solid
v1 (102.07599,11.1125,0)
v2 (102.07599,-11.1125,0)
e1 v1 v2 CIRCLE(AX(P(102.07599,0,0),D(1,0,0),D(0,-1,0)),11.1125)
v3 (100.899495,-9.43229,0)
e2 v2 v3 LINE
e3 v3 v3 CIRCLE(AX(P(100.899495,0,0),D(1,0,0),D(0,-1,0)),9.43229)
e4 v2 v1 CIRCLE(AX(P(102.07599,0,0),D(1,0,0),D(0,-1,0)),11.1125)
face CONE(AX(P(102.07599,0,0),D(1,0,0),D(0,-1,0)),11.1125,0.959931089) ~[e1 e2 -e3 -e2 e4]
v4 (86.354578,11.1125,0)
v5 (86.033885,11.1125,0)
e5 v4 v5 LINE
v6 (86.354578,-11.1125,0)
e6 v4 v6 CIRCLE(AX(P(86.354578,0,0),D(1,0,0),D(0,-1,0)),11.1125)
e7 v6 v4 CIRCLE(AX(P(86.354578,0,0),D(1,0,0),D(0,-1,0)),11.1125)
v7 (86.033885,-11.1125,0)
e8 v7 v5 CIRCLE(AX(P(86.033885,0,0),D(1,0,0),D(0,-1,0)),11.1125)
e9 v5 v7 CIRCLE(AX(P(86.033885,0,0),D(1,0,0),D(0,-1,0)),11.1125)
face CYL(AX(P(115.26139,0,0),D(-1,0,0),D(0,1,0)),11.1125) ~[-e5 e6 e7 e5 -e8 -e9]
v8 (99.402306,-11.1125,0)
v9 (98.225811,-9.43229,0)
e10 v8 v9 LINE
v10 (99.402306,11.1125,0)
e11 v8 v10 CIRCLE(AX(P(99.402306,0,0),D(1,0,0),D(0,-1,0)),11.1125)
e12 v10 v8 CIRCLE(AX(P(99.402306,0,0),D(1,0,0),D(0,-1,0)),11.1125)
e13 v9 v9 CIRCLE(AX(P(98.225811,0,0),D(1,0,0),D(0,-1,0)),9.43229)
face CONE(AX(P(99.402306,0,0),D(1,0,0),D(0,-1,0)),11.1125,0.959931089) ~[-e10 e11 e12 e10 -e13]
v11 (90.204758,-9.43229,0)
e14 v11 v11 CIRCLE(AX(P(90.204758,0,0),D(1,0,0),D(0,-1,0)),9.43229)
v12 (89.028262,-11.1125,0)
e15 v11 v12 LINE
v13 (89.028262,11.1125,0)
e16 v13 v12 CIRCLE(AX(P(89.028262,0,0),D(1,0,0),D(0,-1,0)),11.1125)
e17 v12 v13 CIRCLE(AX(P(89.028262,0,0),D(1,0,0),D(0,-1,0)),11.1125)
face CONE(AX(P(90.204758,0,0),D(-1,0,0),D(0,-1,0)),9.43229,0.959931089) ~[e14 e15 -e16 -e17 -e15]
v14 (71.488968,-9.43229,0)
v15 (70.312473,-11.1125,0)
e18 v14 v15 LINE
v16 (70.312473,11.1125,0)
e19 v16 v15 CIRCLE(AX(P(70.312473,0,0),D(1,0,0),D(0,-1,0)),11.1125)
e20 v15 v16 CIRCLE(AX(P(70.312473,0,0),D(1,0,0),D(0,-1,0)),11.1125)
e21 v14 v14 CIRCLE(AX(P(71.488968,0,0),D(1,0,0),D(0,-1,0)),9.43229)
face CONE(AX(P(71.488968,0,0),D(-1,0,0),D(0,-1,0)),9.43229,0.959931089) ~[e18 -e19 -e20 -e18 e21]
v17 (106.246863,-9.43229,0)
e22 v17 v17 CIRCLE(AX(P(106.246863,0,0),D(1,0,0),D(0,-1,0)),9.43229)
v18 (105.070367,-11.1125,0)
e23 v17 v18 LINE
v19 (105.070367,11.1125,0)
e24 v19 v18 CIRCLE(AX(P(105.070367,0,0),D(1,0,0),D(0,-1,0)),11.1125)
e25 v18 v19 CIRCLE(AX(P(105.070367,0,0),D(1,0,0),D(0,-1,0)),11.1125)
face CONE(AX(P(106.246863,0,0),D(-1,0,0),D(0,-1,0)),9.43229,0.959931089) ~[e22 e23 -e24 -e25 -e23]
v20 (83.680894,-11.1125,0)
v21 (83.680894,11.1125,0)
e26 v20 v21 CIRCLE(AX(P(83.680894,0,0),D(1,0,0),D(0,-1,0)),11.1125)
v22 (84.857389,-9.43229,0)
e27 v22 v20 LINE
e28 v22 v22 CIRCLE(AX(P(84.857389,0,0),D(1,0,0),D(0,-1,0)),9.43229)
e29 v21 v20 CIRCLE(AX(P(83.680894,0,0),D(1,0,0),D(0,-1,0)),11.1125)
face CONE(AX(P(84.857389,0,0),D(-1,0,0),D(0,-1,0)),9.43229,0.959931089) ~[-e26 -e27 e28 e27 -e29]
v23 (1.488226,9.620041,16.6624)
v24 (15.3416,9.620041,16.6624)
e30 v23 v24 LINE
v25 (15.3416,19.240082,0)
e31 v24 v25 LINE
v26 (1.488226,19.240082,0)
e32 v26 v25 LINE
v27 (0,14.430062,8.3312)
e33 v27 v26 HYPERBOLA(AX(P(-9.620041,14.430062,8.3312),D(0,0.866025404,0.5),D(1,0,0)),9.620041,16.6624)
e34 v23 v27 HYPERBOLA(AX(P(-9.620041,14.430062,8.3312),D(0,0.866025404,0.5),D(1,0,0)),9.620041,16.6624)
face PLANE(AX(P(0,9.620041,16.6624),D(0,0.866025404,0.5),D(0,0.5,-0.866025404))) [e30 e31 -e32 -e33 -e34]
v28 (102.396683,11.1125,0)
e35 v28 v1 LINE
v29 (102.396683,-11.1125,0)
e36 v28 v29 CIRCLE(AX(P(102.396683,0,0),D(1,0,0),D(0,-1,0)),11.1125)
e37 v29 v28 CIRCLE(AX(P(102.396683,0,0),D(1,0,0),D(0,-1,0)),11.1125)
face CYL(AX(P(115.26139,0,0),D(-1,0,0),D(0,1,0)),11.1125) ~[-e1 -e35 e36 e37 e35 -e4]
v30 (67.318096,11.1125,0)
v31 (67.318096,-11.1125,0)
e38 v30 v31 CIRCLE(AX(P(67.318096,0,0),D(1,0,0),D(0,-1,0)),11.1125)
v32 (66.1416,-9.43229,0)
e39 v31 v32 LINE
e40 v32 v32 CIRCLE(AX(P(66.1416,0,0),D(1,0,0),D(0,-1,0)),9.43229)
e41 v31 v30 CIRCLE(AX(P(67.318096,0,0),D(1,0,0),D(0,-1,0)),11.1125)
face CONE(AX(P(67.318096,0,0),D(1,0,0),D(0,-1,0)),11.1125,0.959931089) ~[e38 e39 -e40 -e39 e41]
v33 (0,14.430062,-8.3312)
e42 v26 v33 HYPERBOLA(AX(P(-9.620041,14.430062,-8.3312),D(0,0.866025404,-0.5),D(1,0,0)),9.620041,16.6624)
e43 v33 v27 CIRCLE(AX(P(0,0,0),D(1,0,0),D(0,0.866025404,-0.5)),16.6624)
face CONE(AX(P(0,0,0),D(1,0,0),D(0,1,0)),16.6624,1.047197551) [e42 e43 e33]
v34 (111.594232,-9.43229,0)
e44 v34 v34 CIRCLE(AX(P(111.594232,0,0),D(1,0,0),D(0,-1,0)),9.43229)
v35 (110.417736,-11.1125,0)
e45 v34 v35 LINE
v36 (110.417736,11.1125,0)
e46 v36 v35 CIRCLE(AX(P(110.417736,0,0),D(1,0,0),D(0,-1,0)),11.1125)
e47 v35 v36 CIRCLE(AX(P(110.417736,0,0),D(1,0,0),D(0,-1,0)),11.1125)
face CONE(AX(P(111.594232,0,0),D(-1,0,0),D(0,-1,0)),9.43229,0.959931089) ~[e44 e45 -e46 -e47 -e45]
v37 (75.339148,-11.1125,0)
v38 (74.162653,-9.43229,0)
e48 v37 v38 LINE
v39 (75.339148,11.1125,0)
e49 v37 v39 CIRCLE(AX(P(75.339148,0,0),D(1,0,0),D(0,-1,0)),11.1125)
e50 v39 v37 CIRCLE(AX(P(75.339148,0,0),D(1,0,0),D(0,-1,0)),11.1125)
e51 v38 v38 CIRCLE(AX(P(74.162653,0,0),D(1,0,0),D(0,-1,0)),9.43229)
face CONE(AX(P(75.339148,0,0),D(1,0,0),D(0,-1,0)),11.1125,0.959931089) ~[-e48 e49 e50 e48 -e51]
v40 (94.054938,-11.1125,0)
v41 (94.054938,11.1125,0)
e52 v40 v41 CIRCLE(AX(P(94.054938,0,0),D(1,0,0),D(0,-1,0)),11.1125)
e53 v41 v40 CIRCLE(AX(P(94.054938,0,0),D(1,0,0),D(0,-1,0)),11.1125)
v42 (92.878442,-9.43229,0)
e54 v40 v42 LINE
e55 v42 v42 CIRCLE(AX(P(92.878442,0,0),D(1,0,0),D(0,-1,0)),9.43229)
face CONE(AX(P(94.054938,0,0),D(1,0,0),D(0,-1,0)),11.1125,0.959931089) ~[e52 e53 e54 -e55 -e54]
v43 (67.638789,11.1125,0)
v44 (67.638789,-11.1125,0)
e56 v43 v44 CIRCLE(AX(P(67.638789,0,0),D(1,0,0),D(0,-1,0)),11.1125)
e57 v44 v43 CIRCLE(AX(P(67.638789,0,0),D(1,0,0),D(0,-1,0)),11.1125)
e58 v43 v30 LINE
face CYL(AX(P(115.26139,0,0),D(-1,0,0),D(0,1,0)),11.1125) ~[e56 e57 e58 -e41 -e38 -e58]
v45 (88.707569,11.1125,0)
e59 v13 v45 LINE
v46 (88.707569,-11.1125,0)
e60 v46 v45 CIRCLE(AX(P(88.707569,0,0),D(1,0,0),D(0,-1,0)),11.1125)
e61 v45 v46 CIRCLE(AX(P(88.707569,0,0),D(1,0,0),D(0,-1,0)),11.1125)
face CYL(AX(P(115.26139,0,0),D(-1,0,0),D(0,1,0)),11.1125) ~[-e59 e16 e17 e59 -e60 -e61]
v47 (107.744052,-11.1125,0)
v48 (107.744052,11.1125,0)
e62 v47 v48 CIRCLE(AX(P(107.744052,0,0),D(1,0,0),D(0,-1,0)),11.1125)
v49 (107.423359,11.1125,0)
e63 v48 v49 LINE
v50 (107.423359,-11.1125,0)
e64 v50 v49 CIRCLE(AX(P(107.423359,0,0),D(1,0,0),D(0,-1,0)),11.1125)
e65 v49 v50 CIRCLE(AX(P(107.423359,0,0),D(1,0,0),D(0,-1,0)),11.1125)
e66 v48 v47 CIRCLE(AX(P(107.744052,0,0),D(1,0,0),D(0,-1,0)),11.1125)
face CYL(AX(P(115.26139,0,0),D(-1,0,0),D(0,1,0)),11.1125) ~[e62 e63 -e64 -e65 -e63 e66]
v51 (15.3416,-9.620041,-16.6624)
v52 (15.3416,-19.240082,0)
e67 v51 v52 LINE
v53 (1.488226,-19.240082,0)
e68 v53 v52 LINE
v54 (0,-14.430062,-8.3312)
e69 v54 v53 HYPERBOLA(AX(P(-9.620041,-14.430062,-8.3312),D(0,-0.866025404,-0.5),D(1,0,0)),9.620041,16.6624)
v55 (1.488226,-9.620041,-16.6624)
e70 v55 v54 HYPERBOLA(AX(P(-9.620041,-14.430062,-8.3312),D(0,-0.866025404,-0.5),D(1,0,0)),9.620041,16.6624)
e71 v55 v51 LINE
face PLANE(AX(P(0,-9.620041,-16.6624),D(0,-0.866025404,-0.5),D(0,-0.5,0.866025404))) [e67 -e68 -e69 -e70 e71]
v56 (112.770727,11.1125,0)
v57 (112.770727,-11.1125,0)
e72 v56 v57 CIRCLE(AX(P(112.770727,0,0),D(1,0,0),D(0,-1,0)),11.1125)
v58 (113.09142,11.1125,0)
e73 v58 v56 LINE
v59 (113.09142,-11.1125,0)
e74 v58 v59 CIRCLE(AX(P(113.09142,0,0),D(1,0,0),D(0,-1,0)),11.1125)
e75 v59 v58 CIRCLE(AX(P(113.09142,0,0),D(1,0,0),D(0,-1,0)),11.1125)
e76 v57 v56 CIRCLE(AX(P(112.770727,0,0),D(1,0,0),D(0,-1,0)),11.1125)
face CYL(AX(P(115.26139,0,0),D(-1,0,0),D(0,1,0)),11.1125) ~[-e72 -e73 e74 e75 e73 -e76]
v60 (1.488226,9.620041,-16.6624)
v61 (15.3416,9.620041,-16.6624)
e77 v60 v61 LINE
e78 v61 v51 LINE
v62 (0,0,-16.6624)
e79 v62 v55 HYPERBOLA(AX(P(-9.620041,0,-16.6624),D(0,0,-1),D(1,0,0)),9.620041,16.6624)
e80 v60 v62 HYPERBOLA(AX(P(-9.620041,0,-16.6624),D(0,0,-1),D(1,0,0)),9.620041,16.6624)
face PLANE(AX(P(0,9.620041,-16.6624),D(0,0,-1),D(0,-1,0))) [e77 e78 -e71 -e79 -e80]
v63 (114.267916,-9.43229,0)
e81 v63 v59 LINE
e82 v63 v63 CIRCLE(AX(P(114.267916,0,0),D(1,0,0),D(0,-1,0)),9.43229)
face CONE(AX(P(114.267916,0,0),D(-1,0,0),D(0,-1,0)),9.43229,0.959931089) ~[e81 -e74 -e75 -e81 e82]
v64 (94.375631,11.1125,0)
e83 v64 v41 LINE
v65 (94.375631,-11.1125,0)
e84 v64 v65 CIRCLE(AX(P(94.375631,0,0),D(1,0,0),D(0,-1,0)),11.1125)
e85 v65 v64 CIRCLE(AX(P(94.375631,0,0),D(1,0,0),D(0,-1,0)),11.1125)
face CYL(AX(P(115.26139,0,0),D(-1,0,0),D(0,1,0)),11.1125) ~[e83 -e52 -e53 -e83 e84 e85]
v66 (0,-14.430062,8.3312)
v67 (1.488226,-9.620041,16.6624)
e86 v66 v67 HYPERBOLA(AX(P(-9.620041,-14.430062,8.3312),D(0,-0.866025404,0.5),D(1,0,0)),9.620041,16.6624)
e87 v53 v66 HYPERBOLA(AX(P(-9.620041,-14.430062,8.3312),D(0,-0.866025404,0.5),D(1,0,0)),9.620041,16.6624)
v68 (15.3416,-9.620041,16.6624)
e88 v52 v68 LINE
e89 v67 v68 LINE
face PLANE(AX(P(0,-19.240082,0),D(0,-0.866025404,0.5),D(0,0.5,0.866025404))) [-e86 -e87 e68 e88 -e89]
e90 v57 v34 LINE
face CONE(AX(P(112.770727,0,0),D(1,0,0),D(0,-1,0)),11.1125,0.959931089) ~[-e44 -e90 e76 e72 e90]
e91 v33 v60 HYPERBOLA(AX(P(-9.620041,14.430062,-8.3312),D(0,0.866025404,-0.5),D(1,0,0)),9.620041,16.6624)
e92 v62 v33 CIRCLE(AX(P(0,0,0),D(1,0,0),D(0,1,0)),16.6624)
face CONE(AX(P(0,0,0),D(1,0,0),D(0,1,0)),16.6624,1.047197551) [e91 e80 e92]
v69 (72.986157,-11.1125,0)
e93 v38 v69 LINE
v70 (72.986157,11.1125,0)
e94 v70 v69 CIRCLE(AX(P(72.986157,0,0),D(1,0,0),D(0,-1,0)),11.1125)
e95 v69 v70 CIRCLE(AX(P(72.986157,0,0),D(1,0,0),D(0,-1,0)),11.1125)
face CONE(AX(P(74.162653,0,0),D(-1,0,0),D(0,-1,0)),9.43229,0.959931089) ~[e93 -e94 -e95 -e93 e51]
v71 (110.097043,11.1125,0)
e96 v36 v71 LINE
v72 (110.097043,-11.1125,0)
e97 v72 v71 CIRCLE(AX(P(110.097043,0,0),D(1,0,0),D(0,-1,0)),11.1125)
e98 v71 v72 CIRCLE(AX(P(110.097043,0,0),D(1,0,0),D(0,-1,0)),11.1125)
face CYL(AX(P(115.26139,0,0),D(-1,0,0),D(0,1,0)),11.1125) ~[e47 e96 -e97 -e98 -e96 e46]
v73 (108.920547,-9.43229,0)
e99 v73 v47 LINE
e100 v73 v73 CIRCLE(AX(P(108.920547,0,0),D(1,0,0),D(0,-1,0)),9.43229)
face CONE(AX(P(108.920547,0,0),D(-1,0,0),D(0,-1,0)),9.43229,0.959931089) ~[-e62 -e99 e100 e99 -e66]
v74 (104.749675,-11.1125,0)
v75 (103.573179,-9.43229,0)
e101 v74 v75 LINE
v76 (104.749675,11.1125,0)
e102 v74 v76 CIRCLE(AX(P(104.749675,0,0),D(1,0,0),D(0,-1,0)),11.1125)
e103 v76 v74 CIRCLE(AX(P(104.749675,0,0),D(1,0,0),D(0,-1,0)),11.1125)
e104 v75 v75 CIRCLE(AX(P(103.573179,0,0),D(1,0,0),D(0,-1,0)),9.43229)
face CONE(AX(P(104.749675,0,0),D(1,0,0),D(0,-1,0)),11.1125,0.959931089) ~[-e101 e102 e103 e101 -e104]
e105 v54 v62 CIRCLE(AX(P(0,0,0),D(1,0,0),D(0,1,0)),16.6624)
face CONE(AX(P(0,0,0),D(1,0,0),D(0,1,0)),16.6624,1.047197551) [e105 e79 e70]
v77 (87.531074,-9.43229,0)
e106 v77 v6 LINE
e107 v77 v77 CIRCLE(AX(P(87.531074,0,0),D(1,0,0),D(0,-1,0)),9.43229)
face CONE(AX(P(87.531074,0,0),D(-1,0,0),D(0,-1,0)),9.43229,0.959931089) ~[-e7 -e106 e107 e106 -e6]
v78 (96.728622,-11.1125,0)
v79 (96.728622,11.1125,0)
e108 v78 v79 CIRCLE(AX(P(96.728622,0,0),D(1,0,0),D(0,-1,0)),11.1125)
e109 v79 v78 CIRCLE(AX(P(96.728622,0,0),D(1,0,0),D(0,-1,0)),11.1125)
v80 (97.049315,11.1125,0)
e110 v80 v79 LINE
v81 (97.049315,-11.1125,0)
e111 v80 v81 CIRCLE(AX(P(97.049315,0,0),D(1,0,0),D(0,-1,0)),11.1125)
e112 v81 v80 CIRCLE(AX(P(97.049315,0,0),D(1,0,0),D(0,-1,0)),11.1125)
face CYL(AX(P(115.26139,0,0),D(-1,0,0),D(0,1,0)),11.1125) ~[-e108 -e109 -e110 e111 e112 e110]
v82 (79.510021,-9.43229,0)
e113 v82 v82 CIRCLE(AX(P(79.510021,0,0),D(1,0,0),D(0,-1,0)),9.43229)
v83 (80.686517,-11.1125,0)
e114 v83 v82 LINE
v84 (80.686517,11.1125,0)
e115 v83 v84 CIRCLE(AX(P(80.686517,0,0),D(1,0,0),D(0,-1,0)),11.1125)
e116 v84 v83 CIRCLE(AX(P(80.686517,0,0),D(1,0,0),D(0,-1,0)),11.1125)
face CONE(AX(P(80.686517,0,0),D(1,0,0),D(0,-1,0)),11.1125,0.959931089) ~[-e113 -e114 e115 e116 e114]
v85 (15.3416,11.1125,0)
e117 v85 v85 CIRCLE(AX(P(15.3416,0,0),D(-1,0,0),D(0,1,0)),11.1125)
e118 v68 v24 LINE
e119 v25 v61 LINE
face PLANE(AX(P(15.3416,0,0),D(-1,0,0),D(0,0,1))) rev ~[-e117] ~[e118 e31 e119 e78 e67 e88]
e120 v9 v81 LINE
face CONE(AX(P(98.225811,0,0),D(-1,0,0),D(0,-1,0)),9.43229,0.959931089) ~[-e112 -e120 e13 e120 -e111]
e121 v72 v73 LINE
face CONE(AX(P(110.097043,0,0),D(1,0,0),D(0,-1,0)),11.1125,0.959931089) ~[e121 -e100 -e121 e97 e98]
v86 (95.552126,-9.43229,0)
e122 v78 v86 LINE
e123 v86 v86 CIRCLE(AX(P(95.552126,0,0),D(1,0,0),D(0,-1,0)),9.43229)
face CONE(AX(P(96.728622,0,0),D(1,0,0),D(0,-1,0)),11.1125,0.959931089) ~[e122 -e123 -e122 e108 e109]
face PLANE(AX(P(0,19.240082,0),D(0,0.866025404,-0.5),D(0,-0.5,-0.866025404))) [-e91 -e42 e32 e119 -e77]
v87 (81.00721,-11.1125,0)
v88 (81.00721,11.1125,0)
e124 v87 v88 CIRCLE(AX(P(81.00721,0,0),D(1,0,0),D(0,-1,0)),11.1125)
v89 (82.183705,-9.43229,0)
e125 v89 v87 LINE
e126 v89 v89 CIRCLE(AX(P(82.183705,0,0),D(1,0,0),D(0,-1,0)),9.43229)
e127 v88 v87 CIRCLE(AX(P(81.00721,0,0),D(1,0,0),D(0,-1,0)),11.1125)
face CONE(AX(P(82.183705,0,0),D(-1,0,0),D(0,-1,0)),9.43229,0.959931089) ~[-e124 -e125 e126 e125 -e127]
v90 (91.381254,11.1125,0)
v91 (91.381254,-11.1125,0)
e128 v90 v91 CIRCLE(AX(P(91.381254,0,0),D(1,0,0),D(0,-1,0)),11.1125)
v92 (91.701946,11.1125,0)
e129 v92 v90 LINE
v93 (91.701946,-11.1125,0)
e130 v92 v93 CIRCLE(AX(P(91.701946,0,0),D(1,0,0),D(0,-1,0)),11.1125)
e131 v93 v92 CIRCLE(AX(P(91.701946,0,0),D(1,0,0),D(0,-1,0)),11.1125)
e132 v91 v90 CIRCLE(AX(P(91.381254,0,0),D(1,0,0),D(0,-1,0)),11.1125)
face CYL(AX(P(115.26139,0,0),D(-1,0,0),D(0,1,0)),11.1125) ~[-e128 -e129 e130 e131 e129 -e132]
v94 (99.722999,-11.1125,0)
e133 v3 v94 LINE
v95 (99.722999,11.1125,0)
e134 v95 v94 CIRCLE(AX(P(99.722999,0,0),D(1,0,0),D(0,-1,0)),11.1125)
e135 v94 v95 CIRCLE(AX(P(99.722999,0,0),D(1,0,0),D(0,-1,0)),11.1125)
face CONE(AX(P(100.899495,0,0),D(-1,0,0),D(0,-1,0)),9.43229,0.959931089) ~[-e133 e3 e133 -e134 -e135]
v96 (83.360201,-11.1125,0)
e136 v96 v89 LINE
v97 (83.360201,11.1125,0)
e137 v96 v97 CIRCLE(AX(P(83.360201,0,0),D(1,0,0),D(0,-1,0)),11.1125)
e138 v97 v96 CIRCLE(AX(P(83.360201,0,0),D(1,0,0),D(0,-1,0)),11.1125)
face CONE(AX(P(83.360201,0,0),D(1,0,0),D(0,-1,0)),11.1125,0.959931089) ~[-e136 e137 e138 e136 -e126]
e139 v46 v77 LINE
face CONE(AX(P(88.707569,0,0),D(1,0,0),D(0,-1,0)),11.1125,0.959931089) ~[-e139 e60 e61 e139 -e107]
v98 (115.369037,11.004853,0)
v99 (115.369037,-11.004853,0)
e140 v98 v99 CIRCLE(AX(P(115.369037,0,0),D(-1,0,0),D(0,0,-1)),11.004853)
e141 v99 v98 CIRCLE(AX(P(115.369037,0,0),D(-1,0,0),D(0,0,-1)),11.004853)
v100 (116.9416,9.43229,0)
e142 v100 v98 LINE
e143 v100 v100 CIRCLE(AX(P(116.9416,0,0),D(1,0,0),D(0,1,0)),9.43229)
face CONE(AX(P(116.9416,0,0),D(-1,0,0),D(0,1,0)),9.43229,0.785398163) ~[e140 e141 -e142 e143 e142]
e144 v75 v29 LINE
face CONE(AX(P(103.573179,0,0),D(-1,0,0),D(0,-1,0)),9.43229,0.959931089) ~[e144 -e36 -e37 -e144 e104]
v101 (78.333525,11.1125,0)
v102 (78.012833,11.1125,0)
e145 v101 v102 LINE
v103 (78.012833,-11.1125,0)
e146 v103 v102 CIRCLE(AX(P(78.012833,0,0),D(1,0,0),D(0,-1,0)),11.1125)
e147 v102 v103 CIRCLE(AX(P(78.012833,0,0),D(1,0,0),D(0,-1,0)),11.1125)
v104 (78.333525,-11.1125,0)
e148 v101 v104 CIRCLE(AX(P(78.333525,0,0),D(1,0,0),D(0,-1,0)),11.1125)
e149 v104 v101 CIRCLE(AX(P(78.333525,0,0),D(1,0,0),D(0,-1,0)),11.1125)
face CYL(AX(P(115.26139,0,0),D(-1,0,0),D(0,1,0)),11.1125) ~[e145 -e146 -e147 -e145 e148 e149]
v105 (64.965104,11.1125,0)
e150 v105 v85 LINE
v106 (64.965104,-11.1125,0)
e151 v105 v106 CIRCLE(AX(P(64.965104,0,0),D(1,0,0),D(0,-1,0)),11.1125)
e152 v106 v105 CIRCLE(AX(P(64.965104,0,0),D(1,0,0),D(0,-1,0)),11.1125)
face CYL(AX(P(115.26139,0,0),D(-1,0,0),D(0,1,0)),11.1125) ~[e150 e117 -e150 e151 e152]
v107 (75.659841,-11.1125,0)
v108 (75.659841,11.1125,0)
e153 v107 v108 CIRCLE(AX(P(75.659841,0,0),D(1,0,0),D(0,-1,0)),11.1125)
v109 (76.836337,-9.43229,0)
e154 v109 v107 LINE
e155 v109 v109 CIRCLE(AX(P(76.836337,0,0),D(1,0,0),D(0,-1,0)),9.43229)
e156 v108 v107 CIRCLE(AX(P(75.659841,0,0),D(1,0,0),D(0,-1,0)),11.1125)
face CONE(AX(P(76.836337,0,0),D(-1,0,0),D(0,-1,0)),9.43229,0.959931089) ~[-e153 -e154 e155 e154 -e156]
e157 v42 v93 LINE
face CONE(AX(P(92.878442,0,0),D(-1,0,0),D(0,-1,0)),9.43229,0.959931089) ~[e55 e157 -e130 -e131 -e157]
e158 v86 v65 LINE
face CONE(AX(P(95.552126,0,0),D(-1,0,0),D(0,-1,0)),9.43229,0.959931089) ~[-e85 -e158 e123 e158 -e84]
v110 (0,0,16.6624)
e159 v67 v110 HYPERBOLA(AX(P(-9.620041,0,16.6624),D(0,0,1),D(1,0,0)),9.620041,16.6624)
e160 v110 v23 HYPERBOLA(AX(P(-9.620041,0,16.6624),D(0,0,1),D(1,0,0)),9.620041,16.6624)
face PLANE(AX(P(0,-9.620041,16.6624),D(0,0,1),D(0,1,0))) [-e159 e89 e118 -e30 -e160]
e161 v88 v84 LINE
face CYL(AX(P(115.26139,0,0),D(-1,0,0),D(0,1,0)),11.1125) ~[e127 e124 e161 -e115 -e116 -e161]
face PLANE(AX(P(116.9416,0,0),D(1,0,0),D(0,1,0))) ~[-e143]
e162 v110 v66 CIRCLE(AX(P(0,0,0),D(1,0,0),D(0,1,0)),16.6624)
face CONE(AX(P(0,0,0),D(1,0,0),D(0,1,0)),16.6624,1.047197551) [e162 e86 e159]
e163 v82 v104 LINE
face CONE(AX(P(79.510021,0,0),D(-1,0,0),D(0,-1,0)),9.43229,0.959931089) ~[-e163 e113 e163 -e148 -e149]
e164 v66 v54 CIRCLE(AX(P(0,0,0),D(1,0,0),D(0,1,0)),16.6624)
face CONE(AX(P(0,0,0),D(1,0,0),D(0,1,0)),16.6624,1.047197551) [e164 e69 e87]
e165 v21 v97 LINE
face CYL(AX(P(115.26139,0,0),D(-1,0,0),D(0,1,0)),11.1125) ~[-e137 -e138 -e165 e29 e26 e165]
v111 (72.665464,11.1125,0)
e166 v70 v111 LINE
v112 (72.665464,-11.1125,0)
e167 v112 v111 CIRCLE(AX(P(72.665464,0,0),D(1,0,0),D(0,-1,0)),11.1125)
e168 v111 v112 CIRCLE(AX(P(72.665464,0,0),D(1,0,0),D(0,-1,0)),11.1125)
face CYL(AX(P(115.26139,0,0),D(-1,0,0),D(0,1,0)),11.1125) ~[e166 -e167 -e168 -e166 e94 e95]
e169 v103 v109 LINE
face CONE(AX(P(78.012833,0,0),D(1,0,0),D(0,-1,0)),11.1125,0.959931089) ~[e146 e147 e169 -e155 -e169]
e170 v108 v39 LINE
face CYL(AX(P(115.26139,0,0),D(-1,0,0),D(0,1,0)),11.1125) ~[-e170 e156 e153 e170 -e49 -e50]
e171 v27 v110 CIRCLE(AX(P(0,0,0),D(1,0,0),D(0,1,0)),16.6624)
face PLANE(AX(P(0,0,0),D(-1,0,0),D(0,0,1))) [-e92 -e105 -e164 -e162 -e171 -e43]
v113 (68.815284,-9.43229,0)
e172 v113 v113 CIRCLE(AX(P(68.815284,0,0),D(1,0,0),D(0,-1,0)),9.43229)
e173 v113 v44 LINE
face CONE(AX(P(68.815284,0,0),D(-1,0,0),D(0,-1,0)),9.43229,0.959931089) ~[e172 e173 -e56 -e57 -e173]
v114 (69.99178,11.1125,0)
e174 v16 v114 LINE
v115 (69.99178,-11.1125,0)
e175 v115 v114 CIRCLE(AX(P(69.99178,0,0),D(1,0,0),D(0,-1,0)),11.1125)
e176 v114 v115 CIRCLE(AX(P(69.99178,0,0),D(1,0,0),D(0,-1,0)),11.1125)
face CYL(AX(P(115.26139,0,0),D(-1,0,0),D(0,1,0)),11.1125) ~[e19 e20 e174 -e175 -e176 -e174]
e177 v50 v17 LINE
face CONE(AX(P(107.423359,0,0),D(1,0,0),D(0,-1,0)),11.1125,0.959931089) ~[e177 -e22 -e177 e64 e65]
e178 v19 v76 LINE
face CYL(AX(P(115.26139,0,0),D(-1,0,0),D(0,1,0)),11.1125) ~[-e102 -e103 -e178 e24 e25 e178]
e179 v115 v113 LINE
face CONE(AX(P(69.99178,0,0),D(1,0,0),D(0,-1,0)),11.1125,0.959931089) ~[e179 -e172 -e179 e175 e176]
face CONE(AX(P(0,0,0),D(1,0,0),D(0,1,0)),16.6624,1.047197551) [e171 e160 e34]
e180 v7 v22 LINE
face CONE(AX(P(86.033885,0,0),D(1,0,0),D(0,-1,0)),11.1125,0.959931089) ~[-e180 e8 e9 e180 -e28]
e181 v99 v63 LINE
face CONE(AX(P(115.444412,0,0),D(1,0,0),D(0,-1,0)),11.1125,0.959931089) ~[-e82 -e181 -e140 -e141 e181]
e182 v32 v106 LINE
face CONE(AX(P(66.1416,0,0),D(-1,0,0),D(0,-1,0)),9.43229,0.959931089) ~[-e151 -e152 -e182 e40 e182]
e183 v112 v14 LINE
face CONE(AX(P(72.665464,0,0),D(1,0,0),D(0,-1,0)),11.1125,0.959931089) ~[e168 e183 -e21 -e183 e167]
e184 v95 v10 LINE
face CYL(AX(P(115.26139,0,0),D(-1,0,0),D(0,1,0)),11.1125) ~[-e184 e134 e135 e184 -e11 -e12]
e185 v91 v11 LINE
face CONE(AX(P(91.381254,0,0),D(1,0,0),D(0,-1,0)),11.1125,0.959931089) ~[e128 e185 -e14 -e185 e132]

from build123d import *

# Parameters (mm, degrees)
BASEHEAD_DEPTH  = 15.3416
THDSCHPAT_COUNT = 19
THDSCHPAT_PITCH = 2.673684211


with BuildPart() as part:
    # Sketch1 → BaseHead (new body)
    with BuildSketch(Plane(origin=(0, 0, 0), x_dir=(0, 0, -1), z_dir=(1, 0, 0))):
        Polygon((16.6624, 9.620041125), (16.6624, -9.620041125), (0, -19.240082251), (-16.6624, -9.620041125), (-16.6624, 9.620041125), (0, 19.240082251), align=None)
    extrude(amount=BASEHEAD_DEPTH)

    # BodySke → BaseBody (revolve)
    with BuildSketch(Plane.XY):
        Polygon((0, 0), (116.9416, 0), (116.9416, 9.43229), (115.26139, 11.1125), (0, 11.1125), align=None)
    revolve(axis=Axis((0, 0, 0), (1, 0, 0)))

    # Sketch3 → HeadChamfer (revolve, cut)
    with BuildSketch(Plane.XY):
        Polygon((0, 16.6624), (5.154399751, 25.590082251), (5.154399751, 31.940082251), (-12.7, 31.940082251), (-12.7, 16.6624), align=None)
    revolve(axis=Axis((0, 0, 0), (1, 0, 0)), mode=Mode.SUBTRACT)

    # ThdSchSke → ThreadSchematic (revolve, cut)
    with BuildSketch(Plane.XY):
        Polygon((66.1416, -9.43229), (64.965104292, -11.1125), (64.965104292, -13.890625), (67.318095708, -13.890625), (67.318095708, -11.1125), align=None)
    threadschematic = revolve(axis=Axis((-3.175, 0, 0), (1, 0, 0)), mode=Mode.SUBTRACT)

    # ThdSchPat: ThreadSchematic ×19
    with Locations(*[(i * THDSCHPAT_PITCH, 0, 0) for i in range(1, THDSCHPAT_COUNT)]):
        add(threadschematic, mode=Mode.SUBTRACT)


solid = part.part
